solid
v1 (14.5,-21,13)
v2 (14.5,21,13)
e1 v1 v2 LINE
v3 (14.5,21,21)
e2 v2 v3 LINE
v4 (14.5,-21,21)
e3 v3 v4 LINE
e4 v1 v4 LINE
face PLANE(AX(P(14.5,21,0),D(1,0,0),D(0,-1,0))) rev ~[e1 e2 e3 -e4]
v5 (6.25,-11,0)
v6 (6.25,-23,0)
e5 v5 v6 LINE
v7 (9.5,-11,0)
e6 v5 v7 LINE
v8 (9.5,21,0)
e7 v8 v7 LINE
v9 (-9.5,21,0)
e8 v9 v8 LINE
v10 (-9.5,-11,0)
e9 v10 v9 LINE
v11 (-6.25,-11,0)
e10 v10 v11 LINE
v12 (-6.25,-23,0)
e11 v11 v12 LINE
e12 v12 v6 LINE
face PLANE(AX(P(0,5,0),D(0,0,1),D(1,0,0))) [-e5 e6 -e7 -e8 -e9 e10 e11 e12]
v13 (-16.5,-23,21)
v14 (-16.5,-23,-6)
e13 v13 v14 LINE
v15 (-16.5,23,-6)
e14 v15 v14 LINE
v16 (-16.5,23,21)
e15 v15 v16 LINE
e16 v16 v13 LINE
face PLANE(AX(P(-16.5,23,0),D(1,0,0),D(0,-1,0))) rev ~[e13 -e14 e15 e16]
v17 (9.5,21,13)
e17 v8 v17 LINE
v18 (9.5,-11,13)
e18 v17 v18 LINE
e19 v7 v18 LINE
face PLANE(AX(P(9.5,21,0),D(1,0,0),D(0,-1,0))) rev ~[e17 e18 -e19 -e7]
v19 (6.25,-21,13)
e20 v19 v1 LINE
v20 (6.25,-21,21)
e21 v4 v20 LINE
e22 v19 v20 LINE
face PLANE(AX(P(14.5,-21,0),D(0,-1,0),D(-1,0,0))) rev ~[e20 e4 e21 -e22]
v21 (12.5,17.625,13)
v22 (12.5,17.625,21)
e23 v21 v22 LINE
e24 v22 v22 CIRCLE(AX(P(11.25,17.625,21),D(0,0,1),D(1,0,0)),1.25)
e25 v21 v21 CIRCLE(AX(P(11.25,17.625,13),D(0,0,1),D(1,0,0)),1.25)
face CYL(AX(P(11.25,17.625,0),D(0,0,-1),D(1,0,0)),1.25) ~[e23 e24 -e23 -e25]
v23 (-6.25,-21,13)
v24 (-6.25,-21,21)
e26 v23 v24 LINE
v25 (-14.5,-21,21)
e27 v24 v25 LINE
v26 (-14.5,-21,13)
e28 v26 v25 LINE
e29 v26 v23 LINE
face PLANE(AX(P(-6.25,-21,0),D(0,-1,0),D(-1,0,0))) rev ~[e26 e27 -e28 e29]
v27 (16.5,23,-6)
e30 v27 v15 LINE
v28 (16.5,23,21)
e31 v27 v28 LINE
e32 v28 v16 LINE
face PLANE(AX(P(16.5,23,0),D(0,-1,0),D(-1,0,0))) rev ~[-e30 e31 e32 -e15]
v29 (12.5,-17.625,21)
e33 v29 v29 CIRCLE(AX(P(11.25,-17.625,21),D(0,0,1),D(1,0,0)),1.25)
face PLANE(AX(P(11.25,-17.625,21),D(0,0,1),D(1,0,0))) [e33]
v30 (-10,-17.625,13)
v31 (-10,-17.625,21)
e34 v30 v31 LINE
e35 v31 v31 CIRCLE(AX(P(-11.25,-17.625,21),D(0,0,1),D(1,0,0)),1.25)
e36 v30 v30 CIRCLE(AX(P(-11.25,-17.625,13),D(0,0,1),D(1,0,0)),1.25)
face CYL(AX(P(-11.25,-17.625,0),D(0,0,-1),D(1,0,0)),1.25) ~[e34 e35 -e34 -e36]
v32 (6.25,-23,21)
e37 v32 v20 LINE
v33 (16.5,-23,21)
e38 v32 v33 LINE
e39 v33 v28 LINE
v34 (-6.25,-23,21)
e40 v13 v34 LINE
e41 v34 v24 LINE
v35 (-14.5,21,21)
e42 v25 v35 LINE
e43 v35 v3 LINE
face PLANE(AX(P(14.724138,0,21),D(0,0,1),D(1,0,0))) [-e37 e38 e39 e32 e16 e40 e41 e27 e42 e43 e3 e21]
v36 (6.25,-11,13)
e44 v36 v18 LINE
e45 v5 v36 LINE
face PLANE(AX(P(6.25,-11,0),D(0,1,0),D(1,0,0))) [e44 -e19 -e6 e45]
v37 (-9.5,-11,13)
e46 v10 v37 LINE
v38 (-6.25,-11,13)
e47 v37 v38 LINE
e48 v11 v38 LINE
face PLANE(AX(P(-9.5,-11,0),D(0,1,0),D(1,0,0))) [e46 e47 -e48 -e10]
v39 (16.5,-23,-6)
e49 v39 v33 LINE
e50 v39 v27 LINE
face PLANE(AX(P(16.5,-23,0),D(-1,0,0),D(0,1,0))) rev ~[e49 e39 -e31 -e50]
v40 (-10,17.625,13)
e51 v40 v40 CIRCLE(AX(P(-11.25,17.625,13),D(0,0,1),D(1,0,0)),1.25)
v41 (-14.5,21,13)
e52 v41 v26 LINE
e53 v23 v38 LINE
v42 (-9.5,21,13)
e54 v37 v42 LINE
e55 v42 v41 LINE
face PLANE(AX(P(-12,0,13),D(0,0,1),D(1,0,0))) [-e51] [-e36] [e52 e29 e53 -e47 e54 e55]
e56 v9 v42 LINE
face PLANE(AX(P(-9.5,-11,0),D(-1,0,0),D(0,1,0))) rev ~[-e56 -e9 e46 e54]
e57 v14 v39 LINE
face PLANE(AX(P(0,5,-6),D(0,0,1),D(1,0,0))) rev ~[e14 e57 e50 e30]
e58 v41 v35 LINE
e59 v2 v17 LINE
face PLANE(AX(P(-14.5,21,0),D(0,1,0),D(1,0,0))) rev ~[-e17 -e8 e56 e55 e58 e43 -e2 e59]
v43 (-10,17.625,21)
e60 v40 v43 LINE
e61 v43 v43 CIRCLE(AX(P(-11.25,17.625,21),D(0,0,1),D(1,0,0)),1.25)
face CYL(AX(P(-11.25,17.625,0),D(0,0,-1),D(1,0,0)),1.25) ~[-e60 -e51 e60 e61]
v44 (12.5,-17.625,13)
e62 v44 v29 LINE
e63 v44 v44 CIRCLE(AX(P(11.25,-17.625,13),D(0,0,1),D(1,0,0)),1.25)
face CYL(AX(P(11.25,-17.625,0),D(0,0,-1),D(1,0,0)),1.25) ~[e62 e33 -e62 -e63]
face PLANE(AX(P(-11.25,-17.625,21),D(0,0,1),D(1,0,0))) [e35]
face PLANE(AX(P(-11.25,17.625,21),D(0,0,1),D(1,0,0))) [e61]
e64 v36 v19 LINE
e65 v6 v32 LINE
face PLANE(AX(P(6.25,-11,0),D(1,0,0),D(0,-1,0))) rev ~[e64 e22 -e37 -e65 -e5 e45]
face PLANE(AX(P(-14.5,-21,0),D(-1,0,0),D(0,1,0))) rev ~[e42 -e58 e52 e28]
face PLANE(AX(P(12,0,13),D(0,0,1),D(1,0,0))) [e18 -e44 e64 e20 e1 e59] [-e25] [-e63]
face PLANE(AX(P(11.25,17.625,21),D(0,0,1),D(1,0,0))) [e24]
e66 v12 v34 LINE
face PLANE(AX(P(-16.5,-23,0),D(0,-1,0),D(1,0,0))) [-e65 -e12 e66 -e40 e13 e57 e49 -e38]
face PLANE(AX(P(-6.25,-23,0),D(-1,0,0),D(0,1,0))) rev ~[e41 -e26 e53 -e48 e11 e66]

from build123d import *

# Parameters (mm, degrees)
F0_R     = 1.25
F0_W     = 12.5
F0_H     = 10
F0_W_2   = 19
F0_H_2   = 2
F0_W_3   = 3.25
F1_DEPTH = 6
F2_DEPTH = 21
F3_DEPTH = 13


with BuildPart() as f1:
    # F0 (on Top) → F1 (new body)
    with BuildSketch(Plane.XY):
        Polygon((9.5, 0), (9.5, 21), (-9.5, 21), (-9.5, 0), (-9.5, -11), (-6.25, -11), (6.25, -11), (9.5, -11), align=None)
        Polygon((14.5, -21), (14.5, 21), (9.5, 21), (9.5, 0), (9.5, -11), (9.5, -21), align=None)
        with Locations((11.25, -17.625)):
            Circle(F0_R, mode=Mode.SUBTRACT)
        with Locations((11.25, 17.625)):
            Circle(F0_R, mode=Mode.SUBTRACT)
        Polygon((-9.5, 0), (-9.5, 21), (-14.5, 21), (-14.5, -21), (-9.5, -21), (-9.5, -11), align=None)
        with Locations((-11.25, -17.625)):
            Circle(F0_R, mode=Mode.SUBTRACT)
        with Locations((-11.25, 17.625)):
            Circle(F0_R, mode=Mode.SUBTRACT)
        with Locations((0, -16)):
            Rectangle(F0_W, F0_H)
        Polygon((9.5, 21), (14.5, 21), (14.5, -21), (9.5, -21), (9.5, -23), (16.5, -23), (16.5, 23), (9.5, 23), align=None)
        Polygon((-14.5, 21), (-9.5, 21), (-9.5, 23), (-16.5, 23), (-16.5, -23), (-9.5, -23), (-9.5, -21), (-14.5, -21), align=None)
        with Locations((0, 22)):
            Rectangle(F0_W_2, F0_H_2)
        with Locations((7.875, -16)):
            Rectangle(F0_W_3, F0_H)
        with Locations((-7.875, -16)):
            Rectangle(F0_W_3, F0_H)
        with Locations((0, -22)):
            Rectangle(F0_W, F0_H_2)
        with Locations((7.875, -22)):
            Rectangle(F0_W_3, F0_H_2)
        with Locations((-7.875, -22)):
            Rectangle(F0_W_3, F0_H_2)
        with Locations((-11.25, 17.625)):
            Circle(F0_R)
        with Locations((11.25, 17.625)):
            Circle(F0_R)
        with Locations((-11.25, -17.625)):
            Circle(F0_R)
        with Locations((11.25, -17.625)):
            Circle(F0_R)
    extrude(amount=-F1_DEPTH)

    # F0 (on Top) → F2 (join)
    with BuildSketch(Plane.XY):
        Polygon((9.5, 21), (14.5, 21), (14.5, -21), (9.5, -21), (9.5, -23), (16.5, -23), (16.5, 23), (9.5, 23), align=None)
        Polygon((-14.5, 21), (-9.5, 21), (-9.5, 23), (-16.5, 23), (-16.5, -23), (-9.5, -23), (-9.5, -21), (-14.5, -21), align=None)
        with Locations((11.25, -17.625)):
            Circle(F0_R)
        with Locations((11.25, 17.625)):
            Circle(F0_R)
        with Locations((-11.25, 17.625)):
            Circle(F0_R)
        with Locations((-11.25, -17.625)):
            Circle(F0_R)
        with Locations((0, 22)):
            Rectangle(F0_W_2, F0_H_2)
        with Locations((-7.875, -22)):
            Rectangle(F0_W_3, F0_H_2)
        with Locations((7.875, -22)):
            Rectangle(F0_W_3, F0_H_2)
    extrude(amount=F2_DEPTH)

    # F0 (on Top) → F3 (join)
    with BuildSketch(Plane.XY):
        Polygon((14.5, -21), (14.5, 21), (9.5, 21), (9.5, 0), (9.5, -11), (9.5, -21), align=None)
        with Locations((11.25, -17.625)):
            Circle(F0_R, mode=Mode.SUBTRACT)
        with Locations((11.25, 17.625)):
            Circle(F0_R, mode=Mode.SUBTRACT)
        Polygon((-9.5, 0), (-9.5, 21), (-14.5, 21), (-14.5, -21), (-9.5, -21), (-9.5, -11), align=None)
        with Locations((-11.25, -17.625)):
            Circle(F0_R, mode=Mode.SUBTRACT)
        with Locations((-11.25, 17.625)):
            Circle(F0_R, mode=Mode.SUBTRACT)
        with Locations((-7.875, -16)):
            Rectangle(F0_W_3, F0_H)
        with Locations((-7.875, -22)):
            Rectangle(F0_W_3, F0_H_2)
        with Locations((7.875, -22)):
            Rectangle(F0_W_3, F0_H_2)
        with Locations((7.875, -16)):
            Rectangle(F0_W_3, F0_H)
    extrude(amount=F3_DEPTH)


solid = f1.part
